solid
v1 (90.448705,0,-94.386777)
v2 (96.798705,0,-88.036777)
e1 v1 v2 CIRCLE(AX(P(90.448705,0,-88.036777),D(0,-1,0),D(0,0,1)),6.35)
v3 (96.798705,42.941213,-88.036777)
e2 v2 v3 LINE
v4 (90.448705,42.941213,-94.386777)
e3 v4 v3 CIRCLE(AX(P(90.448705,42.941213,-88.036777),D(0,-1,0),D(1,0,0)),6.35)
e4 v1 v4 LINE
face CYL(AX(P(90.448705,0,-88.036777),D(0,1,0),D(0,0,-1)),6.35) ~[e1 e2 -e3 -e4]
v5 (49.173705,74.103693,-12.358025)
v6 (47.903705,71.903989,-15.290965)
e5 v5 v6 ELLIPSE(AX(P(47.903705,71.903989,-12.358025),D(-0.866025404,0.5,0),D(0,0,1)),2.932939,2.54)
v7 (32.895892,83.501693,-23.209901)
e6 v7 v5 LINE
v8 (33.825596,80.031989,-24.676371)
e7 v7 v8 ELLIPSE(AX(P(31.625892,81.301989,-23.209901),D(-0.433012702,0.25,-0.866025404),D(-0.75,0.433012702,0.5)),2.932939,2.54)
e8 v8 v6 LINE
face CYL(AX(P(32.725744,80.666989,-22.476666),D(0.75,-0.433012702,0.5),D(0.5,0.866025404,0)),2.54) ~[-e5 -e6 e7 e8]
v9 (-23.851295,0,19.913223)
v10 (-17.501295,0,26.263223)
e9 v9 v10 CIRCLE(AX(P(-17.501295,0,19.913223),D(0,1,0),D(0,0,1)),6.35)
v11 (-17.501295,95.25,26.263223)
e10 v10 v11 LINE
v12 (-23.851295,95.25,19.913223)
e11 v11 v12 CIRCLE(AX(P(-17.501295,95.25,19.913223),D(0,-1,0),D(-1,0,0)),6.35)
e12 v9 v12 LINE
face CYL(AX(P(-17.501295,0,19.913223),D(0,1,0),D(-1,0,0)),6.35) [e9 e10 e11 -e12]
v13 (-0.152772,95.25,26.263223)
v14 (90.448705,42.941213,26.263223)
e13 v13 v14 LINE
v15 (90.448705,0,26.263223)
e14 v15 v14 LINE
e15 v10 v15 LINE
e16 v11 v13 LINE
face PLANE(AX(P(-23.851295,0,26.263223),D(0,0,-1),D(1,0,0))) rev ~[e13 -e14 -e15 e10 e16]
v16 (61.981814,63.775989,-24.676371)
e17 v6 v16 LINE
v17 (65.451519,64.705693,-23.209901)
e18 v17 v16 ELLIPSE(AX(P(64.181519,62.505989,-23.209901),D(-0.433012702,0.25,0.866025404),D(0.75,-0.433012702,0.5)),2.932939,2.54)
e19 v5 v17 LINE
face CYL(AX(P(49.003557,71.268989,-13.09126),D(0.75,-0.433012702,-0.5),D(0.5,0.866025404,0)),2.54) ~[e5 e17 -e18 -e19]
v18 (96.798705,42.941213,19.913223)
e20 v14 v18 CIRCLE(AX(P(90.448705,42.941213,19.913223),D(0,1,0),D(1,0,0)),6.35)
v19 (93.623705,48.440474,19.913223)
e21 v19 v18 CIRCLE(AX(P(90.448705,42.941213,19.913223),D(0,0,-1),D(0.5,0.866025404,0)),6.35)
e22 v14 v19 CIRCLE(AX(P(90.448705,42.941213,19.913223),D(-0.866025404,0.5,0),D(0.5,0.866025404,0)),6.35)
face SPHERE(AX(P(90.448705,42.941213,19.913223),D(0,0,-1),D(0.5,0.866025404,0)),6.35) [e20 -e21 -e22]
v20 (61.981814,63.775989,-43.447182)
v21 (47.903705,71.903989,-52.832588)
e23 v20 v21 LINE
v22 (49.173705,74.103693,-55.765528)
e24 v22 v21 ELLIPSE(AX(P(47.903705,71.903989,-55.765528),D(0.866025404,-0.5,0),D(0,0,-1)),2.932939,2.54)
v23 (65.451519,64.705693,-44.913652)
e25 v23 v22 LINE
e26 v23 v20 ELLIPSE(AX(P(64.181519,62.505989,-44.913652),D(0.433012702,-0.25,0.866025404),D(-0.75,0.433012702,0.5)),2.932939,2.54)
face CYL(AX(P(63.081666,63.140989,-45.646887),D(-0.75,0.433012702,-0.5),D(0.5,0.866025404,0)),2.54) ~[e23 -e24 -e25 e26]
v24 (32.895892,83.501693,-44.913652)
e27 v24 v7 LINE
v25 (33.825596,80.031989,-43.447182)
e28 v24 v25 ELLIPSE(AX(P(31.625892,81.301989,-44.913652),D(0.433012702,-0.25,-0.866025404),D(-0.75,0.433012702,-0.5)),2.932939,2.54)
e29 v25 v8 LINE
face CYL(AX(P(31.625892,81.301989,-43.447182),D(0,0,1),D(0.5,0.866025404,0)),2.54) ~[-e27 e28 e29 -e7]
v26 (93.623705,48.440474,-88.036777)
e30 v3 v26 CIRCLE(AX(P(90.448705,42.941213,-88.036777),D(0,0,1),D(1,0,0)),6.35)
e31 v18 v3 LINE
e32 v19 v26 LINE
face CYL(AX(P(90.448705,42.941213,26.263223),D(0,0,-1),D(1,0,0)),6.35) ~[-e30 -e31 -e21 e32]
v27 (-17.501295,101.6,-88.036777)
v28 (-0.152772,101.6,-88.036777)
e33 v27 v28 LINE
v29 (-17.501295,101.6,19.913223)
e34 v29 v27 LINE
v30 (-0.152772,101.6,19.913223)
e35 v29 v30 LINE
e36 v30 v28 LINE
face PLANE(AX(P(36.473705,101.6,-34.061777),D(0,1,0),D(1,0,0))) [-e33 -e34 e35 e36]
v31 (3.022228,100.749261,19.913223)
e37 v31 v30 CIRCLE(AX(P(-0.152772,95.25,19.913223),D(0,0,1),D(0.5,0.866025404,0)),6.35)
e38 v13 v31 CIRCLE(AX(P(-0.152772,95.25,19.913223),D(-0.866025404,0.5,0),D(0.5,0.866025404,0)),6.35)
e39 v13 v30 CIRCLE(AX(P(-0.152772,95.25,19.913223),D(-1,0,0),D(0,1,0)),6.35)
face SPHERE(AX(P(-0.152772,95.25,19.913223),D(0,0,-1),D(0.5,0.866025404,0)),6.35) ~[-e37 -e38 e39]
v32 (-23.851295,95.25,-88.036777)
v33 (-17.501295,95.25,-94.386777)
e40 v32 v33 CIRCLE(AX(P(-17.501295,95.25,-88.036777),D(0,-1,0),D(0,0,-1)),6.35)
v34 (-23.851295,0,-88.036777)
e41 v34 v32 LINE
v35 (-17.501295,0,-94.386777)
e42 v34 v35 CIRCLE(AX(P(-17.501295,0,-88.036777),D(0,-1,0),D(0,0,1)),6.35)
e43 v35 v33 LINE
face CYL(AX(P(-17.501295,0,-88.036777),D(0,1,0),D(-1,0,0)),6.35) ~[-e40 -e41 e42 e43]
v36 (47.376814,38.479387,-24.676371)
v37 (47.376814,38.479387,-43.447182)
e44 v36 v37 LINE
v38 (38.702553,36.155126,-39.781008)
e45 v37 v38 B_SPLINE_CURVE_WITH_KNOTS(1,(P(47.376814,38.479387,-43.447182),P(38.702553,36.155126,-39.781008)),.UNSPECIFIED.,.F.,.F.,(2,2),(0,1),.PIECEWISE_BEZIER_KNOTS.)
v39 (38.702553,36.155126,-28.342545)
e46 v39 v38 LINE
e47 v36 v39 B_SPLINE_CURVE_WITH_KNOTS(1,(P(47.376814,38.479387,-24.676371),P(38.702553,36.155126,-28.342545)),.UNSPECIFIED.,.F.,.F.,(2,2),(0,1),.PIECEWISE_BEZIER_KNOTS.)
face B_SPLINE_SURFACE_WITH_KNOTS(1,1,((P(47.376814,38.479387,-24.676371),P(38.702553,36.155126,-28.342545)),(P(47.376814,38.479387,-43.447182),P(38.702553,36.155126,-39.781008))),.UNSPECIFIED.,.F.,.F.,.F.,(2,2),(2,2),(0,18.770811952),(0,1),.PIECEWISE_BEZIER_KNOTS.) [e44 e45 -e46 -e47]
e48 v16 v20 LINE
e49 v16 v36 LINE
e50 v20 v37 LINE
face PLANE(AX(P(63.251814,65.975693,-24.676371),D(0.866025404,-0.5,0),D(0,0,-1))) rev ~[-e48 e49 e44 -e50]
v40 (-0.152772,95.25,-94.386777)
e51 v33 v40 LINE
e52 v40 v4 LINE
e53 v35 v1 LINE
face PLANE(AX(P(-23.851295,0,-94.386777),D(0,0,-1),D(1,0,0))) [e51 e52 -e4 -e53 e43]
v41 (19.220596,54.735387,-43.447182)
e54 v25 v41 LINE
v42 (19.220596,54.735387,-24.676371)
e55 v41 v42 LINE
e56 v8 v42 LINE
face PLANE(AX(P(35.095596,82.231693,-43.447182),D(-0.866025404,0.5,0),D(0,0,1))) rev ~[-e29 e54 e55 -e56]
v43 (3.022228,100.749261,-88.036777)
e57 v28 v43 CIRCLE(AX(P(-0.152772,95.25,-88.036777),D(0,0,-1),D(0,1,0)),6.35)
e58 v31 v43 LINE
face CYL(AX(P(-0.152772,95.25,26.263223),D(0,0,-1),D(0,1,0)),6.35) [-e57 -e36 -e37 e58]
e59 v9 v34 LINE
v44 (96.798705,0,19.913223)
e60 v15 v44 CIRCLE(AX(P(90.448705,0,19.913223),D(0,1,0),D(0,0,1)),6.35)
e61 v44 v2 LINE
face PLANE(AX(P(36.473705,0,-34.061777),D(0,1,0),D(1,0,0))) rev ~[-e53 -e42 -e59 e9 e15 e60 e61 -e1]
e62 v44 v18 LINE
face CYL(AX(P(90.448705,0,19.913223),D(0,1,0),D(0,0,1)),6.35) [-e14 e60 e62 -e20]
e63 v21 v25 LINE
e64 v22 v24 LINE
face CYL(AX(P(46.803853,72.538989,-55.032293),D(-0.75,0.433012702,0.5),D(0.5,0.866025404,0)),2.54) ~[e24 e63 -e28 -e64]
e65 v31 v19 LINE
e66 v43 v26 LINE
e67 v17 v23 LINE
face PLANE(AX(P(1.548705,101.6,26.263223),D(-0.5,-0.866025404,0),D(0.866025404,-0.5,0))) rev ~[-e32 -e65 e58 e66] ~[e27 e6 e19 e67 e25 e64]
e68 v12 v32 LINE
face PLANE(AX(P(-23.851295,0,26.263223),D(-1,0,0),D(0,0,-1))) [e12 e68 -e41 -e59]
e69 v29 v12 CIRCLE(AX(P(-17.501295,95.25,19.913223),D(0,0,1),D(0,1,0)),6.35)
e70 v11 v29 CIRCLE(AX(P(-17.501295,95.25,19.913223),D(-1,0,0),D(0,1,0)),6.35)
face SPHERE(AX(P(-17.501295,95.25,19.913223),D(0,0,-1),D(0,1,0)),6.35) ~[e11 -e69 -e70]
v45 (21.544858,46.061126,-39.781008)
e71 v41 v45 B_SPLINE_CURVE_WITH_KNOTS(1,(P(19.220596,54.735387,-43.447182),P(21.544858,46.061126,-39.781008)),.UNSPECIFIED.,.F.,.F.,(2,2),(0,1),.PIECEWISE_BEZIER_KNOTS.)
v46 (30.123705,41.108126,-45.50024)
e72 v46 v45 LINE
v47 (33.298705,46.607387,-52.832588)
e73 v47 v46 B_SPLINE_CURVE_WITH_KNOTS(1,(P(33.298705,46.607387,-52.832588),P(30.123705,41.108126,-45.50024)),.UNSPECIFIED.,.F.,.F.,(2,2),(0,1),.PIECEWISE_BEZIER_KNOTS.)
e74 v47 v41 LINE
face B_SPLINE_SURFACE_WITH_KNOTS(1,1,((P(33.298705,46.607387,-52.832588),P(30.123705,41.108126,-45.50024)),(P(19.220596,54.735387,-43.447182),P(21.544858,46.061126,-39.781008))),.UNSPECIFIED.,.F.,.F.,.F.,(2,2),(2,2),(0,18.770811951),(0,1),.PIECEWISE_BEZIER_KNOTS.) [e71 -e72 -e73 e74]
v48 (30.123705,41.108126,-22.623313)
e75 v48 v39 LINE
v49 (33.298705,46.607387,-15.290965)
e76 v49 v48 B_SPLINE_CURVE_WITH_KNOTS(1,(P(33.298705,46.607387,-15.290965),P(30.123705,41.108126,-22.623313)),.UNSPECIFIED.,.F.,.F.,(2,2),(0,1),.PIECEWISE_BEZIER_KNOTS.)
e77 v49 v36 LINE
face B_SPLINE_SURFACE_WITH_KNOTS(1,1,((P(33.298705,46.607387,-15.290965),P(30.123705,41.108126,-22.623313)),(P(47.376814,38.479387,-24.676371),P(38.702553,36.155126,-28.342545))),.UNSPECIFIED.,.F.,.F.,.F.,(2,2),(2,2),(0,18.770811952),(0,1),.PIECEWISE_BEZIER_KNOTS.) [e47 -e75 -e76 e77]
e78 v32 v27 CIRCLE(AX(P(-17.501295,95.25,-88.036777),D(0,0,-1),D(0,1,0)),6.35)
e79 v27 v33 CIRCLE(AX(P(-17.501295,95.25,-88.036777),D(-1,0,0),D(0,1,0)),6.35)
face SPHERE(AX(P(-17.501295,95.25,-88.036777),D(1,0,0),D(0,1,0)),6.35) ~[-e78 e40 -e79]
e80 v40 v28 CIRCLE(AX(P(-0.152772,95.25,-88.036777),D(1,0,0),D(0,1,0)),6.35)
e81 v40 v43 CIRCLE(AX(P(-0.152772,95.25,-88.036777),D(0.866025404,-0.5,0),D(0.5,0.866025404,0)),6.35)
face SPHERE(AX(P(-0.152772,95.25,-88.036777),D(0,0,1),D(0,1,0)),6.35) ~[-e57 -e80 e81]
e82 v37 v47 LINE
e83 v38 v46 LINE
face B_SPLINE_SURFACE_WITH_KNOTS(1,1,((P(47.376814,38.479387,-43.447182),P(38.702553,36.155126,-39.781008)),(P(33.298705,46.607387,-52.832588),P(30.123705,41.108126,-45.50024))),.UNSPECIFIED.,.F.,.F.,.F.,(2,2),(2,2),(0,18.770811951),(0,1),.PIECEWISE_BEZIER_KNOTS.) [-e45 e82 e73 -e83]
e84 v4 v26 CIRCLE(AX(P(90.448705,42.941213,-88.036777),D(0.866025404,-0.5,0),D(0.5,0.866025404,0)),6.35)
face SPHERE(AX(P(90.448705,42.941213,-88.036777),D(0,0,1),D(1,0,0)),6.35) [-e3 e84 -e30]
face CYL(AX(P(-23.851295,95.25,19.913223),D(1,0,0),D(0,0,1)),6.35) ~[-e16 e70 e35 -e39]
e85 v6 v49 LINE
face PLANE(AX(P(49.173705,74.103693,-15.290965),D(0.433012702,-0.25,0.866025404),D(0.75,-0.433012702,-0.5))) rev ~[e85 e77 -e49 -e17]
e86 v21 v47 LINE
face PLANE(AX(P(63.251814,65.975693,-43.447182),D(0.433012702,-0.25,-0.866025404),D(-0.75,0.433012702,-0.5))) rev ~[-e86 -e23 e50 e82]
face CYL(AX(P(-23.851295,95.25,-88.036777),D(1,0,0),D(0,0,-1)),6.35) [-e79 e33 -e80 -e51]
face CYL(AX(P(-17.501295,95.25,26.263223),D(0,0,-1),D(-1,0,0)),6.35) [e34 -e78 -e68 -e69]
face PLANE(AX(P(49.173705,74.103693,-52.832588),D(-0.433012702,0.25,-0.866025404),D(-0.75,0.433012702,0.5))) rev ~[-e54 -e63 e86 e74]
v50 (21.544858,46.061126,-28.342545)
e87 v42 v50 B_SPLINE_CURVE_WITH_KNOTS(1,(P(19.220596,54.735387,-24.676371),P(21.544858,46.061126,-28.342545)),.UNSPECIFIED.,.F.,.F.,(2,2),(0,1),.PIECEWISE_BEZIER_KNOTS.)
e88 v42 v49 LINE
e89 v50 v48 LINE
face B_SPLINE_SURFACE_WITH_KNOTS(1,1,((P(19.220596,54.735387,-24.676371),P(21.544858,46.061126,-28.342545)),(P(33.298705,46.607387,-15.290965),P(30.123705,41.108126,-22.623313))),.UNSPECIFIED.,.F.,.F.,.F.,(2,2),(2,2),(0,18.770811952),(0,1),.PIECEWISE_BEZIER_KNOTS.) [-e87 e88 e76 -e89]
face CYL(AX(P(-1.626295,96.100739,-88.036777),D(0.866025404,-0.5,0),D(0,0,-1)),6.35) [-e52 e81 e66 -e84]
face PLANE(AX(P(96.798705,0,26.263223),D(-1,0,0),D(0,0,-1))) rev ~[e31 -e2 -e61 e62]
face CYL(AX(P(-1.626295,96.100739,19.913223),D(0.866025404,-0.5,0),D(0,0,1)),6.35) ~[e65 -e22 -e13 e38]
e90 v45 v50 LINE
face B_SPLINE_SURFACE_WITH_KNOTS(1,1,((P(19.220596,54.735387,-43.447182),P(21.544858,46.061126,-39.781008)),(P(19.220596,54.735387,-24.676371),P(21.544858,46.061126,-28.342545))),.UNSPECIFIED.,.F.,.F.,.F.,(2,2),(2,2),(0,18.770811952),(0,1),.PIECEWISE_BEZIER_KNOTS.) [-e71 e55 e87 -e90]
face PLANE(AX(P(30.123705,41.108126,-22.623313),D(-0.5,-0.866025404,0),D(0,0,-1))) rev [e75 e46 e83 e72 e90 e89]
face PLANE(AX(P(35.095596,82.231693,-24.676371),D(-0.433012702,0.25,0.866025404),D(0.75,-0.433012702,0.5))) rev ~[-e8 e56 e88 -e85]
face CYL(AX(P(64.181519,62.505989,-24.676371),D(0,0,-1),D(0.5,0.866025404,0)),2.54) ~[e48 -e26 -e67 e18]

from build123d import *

# Parameters (mm, degrees)
SKETCH1_W           = 120.65
SKETCH1_H           = 120.65
BOSS_EXTRUDE1_DEPTH = 101.6
CUT_EXTRUDE1_DEPTH  = 120.65
CUT_EXTRUDE2_DEPTH  = 31.75
CUT_EXTRUDE3_DEPTH  = 6.35
CUT_EXTRUDE3_TAPER  = 45
FILLET1_R           = 6.35
FILLET2_R           = 2.54


with BuildPart() as part:
    # Sketch1 → Boss-Extrude1 (new body)
    with BuildSketch(Plane(origin=(0, 0, 0), x_dir=(1, 0, 0), z_dir=(0, 1, 0))):
        with Locations((36.473705191, 34.061776503)):
            Rectangle(SKETCH1_W, SKETCH1_H)
    extrude(amount=BOSS_EXTRUDE1_DEPTH)

    # Sketch3 → Cut-Extrude1 (cut)
    with BuildSketch(Plane.XY.offset(26.263223497)):
        Polygon((96.798705191, 101.6), (1.548705191, 101.6), (96.798705191, 46.60738686), align=None)
    extrude(amount=-CUT_EXTRUDE1_DEPTH, mode=Mode.SUBTRACT)

    # Sketch4 → Cut-Extrude2 (cut)
    with BuildSketch(Plane(origin=(44.38126681, 76.870609019, 0), x_dir=(0.866025404, -0.5, 0), z_dir=(0.5, 0.866025404, 0))):
        Polygon((5.533831179, 52.832588454), (-10.722168821, 43.447182479), (-10.722168821, 24.676370527), (5.533831179, 15.290964551), (21.789831179, 24.676370527), (21.789831179, 43.447182479), align=None)
    extrude(amount=-CUT_EXTRUDE2_DEPTH, mode=Mode.SUBTRACT)

    # Sketch5 → Cut-Extrude3 (cut)
    with BuildSketch(Plane(origin=(28.50626681, 49.374302449, 0), x_dir=(0.866025404, -0.5, 0), z_dir=(0.5, 0.866025404, 0))):
        Polygon((5.533831179, 15.290964551), (21.789831179, 24.676370527), (21.789831179, 43.447182479), (5.533831179, 52.832588454), (-10.722168821, 43.447182479), (-10.722168821, 24.676370527), align=None)
    extrude(amount=-CUT_EXTRUDE3_DEPTH, taper=CUT_EXTRUDE3_TAPER, mode=Mode.SUBTRACT)

    # Fillet1
    fillet1_edges = [part.edges().sort_by_distance(p)[0] for p in [
        (-11.151294809, 101.6, -94.386776503),
        (96.798705191, 23.30369343, -94.386776503),
        (96.798705191, 23.30369343, 26.263223497),
        (49.173705191, 74.10369343, -94.386776503),
        (96.798705191, 46.60738686, -34.061776503),
        (1.548705191, 101.6, -34.061776503),
        (49.173705191, 74.10369343, 26.263223497),
        (-23.851294809, 101.6, -34.061776503),
        (-11.151294809, 101.6, 26.263223497),
        (-23.851294809, 50.8, -94.386776503),
        (-23.851294809, 50.8, 26.263223497),
    ]]
    fillet(fillet1_edges, radius=FILLET1_R)

    # Fillet2
    fillet2_edges = [part.edges().sort_by_distance(p)[0] for p in [
        (56.212759673, 70.03969343, -48.139885467),
        (42.134650709, 78.16769343, -48.139885467),
        (35.095596227, 82.23169343, -34.061776503),
        (42.134650709, 78.16769343, -19.983667539),
        (56.212759673, 70.03969343, -19.983667539),
        (63.251814155, 65.97569343, -34.061776503),
    ]]
    fillet(fillet2_edges, radius=FILLET2_R)


solid = part.part
